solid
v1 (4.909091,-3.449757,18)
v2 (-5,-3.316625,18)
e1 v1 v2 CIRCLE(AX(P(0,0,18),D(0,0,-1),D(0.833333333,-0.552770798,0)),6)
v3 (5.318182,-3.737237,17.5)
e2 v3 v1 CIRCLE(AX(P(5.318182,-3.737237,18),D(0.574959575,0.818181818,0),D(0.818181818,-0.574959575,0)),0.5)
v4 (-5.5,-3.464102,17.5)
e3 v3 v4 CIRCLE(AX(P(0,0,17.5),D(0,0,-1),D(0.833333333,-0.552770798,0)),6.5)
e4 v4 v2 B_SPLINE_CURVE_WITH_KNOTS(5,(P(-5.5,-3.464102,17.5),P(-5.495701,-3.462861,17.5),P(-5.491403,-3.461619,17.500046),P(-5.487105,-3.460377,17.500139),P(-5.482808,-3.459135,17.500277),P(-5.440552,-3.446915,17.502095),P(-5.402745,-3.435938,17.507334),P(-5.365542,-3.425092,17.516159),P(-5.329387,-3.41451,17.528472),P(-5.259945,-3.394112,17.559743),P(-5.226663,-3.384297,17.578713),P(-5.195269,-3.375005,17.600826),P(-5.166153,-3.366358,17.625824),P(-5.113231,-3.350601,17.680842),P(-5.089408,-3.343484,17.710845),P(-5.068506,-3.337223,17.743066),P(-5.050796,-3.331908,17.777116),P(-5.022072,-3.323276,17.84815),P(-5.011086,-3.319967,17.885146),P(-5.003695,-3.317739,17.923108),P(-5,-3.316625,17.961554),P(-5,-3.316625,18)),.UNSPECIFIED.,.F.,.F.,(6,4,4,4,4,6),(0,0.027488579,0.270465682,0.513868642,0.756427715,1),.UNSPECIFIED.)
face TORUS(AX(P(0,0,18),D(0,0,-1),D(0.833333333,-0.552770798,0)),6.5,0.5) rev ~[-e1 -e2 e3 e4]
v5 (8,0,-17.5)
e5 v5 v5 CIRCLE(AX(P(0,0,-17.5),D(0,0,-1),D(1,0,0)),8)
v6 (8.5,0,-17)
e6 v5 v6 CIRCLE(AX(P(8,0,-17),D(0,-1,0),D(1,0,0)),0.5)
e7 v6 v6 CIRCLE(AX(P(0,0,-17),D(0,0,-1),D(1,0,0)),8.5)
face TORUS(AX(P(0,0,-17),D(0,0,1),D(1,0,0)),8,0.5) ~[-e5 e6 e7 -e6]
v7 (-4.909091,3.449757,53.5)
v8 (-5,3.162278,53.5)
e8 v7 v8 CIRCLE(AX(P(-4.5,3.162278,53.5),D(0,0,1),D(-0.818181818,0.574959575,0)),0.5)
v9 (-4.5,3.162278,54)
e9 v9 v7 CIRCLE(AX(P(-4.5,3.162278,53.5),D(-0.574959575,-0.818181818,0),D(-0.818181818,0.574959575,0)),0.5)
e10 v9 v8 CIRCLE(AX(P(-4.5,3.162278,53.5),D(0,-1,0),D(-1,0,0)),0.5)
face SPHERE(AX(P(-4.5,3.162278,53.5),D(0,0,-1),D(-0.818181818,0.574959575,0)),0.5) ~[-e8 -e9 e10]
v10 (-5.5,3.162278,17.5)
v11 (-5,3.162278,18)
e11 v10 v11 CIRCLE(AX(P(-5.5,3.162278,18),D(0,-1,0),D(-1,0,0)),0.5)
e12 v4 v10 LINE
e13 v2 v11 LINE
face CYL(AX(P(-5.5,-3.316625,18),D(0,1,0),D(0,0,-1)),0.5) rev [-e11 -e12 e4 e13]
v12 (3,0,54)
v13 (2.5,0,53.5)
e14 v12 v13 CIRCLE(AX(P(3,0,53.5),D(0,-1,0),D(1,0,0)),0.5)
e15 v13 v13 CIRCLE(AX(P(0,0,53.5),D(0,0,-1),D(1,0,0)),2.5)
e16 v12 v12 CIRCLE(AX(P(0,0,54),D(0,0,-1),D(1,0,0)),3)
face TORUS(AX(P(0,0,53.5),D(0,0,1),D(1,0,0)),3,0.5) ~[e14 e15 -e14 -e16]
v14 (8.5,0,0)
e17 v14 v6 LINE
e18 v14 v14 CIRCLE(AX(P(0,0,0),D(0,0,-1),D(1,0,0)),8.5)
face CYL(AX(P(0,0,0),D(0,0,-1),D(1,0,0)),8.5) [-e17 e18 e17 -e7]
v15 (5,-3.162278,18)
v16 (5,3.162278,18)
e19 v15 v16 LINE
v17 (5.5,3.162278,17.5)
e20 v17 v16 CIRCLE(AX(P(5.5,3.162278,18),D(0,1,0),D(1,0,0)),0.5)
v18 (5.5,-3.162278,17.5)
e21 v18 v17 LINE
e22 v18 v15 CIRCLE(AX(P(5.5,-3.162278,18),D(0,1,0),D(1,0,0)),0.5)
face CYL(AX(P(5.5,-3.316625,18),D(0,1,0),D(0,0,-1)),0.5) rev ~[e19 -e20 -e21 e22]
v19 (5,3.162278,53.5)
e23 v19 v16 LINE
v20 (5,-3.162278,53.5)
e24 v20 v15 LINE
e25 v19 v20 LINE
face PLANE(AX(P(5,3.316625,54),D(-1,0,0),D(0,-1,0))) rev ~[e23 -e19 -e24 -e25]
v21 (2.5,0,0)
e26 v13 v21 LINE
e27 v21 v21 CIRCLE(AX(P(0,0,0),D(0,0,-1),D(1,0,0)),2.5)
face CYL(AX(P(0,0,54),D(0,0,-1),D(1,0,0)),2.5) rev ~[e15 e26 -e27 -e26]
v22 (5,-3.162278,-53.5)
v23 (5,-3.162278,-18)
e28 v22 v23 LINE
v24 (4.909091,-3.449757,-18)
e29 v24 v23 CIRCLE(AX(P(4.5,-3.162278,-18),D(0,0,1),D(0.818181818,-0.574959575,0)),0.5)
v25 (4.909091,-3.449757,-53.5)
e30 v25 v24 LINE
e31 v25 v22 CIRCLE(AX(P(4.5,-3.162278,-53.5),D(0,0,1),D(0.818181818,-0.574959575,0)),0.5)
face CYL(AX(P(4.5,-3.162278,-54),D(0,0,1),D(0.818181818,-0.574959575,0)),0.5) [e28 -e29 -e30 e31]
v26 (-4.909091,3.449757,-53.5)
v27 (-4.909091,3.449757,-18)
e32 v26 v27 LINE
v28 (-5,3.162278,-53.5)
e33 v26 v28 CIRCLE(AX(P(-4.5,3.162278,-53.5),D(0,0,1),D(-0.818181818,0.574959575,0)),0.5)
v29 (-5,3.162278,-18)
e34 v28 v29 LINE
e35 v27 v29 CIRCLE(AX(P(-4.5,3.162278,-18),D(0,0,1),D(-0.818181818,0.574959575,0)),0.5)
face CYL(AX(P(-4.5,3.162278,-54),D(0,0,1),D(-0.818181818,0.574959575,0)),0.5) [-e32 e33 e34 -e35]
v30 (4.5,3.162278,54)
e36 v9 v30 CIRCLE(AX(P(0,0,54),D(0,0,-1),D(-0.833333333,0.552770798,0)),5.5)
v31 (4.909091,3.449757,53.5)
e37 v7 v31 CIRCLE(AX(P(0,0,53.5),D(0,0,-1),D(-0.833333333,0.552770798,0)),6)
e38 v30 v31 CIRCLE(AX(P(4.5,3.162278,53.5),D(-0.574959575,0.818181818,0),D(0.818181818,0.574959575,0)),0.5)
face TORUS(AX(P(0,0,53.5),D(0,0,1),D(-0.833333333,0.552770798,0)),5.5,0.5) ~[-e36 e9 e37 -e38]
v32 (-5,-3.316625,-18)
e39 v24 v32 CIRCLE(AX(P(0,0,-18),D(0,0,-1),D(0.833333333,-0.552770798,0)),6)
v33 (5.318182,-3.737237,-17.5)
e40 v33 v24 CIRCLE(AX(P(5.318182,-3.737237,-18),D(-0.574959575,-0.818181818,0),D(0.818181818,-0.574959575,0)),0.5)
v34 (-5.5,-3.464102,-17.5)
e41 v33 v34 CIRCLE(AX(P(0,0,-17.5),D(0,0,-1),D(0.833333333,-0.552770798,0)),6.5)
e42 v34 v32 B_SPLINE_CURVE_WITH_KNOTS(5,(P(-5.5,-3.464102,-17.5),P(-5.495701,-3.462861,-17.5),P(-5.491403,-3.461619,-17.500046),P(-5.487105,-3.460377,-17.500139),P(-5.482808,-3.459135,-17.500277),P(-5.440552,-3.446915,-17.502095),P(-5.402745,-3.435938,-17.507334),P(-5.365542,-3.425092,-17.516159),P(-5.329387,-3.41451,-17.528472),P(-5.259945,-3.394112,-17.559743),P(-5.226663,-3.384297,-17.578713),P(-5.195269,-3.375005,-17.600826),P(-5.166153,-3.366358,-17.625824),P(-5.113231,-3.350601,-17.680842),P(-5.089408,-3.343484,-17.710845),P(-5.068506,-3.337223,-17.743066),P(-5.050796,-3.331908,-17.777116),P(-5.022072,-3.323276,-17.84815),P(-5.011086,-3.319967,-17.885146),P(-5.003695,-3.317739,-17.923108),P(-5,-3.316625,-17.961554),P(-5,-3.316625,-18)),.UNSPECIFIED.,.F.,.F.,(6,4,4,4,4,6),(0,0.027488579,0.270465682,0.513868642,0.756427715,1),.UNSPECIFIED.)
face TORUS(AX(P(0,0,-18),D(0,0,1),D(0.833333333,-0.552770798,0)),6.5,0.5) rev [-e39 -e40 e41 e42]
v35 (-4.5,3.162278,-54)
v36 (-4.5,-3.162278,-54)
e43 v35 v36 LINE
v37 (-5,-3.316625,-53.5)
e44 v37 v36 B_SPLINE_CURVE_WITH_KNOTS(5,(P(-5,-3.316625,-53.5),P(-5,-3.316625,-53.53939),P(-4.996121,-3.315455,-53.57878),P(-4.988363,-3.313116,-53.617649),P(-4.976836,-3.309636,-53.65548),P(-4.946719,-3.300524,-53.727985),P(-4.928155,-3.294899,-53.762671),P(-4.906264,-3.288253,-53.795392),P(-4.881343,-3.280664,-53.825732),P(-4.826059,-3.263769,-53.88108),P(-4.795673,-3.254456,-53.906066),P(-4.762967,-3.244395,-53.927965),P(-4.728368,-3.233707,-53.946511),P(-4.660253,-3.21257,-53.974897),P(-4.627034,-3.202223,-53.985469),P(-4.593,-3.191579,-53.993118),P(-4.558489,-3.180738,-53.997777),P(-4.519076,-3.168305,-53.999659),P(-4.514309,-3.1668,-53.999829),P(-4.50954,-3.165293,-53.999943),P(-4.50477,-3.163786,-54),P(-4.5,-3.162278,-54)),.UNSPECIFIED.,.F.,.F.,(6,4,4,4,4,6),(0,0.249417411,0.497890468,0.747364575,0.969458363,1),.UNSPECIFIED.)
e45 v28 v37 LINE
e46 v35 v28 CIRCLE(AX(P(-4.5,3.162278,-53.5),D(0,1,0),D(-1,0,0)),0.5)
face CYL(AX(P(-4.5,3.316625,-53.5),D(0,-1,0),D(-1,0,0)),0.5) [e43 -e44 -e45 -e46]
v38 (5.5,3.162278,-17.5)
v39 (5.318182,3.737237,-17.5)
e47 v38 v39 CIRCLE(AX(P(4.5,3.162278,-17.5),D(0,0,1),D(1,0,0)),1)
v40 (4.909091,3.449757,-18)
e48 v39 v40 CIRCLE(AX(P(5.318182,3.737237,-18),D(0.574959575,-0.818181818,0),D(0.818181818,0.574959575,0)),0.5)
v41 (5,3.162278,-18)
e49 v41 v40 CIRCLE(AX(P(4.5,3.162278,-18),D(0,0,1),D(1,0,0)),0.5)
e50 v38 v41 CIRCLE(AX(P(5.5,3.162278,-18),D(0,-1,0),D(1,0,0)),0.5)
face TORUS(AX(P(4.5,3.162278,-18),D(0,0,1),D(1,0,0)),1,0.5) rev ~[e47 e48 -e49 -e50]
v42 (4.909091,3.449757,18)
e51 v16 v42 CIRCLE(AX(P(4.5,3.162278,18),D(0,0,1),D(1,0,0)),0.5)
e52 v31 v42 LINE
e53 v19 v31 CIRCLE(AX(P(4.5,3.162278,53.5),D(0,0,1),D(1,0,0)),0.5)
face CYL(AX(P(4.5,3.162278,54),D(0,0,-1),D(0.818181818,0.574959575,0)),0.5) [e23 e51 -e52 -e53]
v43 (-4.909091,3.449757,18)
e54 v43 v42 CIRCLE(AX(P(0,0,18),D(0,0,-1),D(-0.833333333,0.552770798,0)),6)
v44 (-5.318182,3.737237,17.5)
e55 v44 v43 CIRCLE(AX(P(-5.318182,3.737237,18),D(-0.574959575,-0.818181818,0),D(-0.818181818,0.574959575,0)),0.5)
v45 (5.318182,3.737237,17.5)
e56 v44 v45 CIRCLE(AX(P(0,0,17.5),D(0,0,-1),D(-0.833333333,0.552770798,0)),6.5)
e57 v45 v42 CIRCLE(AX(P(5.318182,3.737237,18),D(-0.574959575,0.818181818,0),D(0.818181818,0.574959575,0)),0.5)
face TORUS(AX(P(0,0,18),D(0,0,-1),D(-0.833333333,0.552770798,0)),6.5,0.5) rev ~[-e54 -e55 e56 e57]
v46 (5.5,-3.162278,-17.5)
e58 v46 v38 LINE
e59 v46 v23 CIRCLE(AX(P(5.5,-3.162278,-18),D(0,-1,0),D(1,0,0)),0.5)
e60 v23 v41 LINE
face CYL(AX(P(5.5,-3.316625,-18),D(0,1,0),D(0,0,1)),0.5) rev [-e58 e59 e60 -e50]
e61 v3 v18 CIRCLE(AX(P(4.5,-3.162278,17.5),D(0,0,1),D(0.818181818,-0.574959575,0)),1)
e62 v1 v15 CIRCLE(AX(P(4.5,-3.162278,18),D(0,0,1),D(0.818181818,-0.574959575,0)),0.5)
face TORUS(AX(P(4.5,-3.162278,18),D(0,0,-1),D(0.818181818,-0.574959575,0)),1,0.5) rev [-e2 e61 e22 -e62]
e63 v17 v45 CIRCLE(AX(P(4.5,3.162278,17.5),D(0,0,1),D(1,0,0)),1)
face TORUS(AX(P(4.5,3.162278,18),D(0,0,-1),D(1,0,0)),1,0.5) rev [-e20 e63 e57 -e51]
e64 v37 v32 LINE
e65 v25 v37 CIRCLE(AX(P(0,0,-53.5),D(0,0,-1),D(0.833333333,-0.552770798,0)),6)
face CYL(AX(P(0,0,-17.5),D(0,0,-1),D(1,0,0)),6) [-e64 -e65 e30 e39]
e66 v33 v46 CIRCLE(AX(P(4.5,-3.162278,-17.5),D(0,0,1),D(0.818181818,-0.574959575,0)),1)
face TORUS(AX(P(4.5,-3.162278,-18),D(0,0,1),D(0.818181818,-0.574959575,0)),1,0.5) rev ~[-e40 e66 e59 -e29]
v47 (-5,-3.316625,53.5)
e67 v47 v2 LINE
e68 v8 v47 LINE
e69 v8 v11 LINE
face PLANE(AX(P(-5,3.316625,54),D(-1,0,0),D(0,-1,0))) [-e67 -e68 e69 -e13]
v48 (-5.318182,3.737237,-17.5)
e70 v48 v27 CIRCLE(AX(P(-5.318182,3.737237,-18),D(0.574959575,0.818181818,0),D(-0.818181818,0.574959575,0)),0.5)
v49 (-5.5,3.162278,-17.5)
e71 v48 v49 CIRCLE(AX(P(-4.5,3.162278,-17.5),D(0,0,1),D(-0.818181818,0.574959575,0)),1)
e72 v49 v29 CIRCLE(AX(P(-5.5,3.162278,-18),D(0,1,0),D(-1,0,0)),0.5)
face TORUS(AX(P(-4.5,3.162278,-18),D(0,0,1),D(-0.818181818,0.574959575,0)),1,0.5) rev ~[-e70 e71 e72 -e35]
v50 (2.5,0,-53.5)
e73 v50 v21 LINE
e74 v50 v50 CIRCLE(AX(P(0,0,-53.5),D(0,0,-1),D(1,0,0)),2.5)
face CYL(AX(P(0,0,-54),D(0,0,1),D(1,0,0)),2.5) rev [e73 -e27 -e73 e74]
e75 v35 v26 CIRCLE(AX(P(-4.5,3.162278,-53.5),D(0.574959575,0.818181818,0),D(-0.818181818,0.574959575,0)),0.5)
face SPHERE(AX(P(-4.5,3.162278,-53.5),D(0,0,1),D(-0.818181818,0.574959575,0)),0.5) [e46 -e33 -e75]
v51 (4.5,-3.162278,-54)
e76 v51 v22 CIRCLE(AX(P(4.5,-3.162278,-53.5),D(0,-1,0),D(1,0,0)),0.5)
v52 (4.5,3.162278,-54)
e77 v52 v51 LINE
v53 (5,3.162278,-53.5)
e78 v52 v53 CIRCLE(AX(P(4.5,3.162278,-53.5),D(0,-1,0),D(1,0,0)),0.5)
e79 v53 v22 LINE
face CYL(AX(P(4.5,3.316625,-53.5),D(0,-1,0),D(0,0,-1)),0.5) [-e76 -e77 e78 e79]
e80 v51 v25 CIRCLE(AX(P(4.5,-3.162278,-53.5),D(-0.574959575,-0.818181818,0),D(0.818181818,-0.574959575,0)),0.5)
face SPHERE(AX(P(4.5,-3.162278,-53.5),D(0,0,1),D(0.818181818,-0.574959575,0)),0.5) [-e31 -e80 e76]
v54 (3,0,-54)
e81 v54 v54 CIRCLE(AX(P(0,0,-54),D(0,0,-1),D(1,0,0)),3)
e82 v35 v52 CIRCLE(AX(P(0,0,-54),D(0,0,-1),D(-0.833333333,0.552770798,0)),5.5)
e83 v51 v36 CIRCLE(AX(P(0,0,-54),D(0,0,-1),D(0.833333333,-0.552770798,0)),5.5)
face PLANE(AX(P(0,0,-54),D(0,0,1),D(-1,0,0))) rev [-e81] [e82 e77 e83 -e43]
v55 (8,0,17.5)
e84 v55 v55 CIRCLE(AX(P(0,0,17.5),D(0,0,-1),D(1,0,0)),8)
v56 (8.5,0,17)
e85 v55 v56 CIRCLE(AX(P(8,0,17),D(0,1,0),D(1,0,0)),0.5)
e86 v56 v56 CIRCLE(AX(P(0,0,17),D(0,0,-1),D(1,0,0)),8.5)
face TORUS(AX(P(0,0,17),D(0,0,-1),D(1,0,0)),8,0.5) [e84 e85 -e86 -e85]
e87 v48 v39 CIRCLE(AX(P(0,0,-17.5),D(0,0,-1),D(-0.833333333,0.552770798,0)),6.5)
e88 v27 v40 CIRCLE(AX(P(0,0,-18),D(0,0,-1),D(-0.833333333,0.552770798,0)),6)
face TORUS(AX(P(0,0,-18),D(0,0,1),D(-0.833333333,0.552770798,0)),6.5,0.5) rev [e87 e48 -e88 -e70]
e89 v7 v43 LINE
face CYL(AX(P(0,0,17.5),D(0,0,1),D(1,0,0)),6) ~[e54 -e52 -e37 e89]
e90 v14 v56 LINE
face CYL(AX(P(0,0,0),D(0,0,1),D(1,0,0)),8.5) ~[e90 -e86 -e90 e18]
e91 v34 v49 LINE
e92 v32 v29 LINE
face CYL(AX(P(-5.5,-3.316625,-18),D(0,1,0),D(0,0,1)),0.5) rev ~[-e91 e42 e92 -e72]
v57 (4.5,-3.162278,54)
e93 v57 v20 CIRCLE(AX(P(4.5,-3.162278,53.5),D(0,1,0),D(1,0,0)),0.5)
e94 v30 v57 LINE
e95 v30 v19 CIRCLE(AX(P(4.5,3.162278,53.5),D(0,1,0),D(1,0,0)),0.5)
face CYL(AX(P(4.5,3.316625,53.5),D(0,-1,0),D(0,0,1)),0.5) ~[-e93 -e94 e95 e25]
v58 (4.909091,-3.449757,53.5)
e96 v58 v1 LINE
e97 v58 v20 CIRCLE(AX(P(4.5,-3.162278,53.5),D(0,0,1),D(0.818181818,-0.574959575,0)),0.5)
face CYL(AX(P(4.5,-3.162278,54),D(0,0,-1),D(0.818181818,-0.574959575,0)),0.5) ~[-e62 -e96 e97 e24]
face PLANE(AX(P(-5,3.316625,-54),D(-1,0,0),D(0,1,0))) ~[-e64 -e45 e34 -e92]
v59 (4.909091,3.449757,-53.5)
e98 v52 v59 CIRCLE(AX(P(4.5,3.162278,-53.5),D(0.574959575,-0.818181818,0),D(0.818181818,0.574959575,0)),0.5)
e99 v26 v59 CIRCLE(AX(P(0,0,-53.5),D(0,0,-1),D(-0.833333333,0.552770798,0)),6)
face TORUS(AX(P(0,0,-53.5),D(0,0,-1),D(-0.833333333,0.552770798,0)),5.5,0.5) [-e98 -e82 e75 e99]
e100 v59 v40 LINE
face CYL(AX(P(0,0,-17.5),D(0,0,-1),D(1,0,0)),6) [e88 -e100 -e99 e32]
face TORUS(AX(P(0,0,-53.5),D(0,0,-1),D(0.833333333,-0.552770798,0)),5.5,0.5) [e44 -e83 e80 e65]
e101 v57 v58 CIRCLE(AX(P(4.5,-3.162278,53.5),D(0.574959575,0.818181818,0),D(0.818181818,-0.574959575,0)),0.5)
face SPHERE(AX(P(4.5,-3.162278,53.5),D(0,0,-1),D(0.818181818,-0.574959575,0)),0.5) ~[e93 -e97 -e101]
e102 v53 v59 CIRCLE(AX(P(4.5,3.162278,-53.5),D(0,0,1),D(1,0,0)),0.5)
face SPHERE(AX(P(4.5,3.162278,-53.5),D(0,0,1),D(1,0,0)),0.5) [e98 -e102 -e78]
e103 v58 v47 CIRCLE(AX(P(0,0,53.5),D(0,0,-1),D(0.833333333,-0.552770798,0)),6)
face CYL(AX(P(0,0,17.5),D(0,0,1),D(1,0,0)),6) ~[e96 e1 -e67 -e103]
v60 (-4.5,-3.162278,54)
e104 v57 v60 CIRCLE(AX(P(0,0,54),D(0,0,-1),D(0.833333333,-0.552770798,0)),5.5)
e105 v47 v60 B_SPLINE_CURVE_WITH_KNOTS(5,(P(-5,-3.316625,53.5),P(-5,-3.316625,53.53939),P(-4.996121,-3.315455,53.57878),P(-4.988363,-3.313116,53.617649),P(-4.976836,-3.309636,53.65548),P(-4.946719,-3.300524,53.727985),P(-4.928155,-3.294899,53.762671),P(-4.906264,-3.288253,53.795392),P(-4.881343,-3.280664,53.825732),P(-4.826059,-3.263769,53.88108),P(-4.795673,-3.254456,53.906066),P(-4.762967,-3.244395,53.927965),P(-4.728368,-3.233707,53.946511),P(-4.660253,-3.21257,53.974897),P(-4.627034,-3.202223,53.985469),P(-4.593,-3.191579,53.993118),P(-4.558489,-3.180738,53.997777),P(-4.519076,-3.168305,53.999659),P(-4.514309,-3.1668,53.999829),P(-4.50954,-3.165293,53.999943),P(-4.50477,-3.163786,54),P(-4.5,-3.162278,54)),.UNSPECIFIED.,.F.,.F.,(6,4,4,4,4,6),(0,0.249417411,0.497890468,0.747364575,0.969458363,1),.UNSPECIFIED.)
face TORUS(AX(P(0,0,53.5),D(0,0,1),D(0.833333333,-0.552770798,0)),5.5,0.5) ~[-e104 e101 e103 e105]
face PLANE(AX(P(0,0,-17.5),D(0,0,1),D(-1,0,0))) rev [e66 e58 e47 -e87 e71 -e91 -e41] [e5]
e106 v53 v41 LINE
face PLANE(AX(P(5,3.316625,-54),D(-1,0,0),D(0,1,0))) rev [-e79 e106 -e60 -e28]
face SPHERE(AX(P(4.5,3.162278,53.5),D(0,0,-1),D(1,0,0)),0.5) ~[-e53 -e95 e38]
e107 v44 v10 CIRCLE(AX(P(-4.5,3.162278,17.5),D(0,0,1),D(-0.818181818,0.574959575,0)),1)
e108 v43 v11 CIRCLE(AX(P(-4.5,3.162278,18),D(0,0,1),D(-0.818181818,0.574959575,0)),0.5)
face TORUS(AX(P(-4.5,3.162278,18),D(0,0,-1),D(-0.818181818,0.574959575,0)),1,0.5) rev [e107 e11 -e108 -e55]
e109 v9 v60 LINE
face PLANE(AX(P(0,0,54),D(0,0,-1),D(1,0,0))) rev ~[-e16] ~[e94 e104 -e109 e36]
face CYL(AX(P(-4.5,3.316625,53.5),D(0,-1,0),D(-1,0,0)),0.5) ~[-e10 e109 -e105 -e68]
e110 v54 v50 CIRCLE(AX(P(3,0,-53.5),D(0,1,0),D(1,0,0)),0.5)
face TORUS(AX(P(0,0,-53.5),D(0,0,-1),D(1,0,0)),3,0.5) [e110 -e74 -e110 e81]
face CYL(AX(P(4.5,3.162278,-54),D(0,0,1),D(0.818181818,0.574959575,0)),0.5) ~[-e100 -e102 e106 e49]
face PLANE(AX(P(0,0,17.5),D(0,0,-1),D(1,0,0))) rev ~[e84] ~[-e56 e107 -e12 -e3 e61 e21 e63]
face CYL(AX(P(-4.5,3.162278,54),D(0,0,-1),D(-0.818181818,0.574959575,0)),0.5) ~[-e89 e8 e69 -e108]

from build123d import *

# Parameters (mm, degrees)
CORTAR_EXTRUIR1_REACH = 57.322
REDONDEO2_R           = 0.5


with BuildPart() as part:
    # Croquis1 → Revolución4 (revolve)
    with BuildSketch(Plane(origin=(0, 0, 0), x_dir=(0, 0, -1), z_dir=(1, 0, 0)), mode=Mode.PRIVATE) as revoluci_n4_sk:
        Polygon((-17.5, 8.5), (-17.5, 6), (-18.5, 6), (-54, 6), (-54, 2.5), (-17.5, 2.5), (0, 2.5), (0, 8.5), align=None)
    revolve(revoluci_n4_sk.sketch.rotate(Axis((0, 0, 55.074829932), (0, 0, -1)), 90), axis=Axis((0, 0, 55.074829932), (0, 0, -1)))

    # Cortar-Extruir1: up to this face of the body (flat: up to its plane)
    cortar_extruir1_end = Plane(part.part.faces().sort_by_distance((-8.259583694, 0, 17.5))[0])
    # Croquis3 → Cortar-Extruir1 (cut, up to the picked face)
    with BuildSketch(Plane.XY.offset(54), mode=Mode.PRIVATE) as cortar_extruir1_sk1:
        with BuildLine():
            Line((-5, 3.31662479), (-5, -3.31662479))
            ThreePointArc((-5, -3.31662479), (-6, 0), (-5, 3.31662479))
        make_face()
    cortar_extruir1_tool1 = split(extrude(cortar_extruir1_sk1.sketch, amount=-CORTAR_EXTRUIR1_REACH, mode=Mode.PRIVATE), bisect_by=cortar_extruir1_end, keep=Keep.BOTH, mode=Mode.PRIVATE)
    # Croquis3 → Cortar-Extruir1 (cut, up to the picked face)
    with BuildSketch(Plane.XY.offset(54), mode=Mode.PRIVATE) as cortar_extruir1_sk2:
        with BuildLine():
            Line((5, 3.31662479), (5, -3.31662479))
            ThreePointArc((5, -3.31662479), (6, 0), (5, 3.31662479))
        make_face()
    cortar_extruir1_tool2 = split(extrude(cortar_extruir1_sk2.sketch, amount=-CORTAR_EXTRUIR1_REACH, mode=Mode.PRIVATE), bisect_by=cortar_extruir1_end, keep=Keep.BOTH, mode=Mode.PRIVATE)
    add(cortar_extruir1_tool1.solids().sort_by(Axis((-5.403002, 0, 54), (0, 0, -1)))[0], mode=Mode.SUBTRACT)
    add(cortar_extruir1_tool2.solids().sort_by(Axis((5.403002, 0, 54), (0, 0, -1)))[0], mode=Mode.SUBTRACT)

    # Redondeo2
    redondeo2_edges = [part.edges().sort_by_distance(p)[0] for p in [
        (0, -6, 54),
        (0, -6, 17.5),
        (5, 3.31662479, 35.75),
        (5, 0, 54),
        (5, 0, 17.5),
        (5, -3.31662479, 35.75),
        (5, -3.31662479, 35.75),
        (5, 3.31662479, 35.75),
        (-5, 0, 54),
        (-5, 0, 17.5),
        (-5, 3.31662479, 35.75),
        (-5, 3.31662479, 35.75),
        (-2.5, 0, 54),
        (0, 6, 54),
        (0, 6, 17.5),
        (-8.5, 0, 17.5),
    ]]
    fillet(redondeo2_edges, radius=REDONDEO2_R)

    # Simetría1: part across plane


with BuildPart() as part_1:
    add(part.part)
    add(part.part.mirror(Plane.XY))


solid = part_1.part
